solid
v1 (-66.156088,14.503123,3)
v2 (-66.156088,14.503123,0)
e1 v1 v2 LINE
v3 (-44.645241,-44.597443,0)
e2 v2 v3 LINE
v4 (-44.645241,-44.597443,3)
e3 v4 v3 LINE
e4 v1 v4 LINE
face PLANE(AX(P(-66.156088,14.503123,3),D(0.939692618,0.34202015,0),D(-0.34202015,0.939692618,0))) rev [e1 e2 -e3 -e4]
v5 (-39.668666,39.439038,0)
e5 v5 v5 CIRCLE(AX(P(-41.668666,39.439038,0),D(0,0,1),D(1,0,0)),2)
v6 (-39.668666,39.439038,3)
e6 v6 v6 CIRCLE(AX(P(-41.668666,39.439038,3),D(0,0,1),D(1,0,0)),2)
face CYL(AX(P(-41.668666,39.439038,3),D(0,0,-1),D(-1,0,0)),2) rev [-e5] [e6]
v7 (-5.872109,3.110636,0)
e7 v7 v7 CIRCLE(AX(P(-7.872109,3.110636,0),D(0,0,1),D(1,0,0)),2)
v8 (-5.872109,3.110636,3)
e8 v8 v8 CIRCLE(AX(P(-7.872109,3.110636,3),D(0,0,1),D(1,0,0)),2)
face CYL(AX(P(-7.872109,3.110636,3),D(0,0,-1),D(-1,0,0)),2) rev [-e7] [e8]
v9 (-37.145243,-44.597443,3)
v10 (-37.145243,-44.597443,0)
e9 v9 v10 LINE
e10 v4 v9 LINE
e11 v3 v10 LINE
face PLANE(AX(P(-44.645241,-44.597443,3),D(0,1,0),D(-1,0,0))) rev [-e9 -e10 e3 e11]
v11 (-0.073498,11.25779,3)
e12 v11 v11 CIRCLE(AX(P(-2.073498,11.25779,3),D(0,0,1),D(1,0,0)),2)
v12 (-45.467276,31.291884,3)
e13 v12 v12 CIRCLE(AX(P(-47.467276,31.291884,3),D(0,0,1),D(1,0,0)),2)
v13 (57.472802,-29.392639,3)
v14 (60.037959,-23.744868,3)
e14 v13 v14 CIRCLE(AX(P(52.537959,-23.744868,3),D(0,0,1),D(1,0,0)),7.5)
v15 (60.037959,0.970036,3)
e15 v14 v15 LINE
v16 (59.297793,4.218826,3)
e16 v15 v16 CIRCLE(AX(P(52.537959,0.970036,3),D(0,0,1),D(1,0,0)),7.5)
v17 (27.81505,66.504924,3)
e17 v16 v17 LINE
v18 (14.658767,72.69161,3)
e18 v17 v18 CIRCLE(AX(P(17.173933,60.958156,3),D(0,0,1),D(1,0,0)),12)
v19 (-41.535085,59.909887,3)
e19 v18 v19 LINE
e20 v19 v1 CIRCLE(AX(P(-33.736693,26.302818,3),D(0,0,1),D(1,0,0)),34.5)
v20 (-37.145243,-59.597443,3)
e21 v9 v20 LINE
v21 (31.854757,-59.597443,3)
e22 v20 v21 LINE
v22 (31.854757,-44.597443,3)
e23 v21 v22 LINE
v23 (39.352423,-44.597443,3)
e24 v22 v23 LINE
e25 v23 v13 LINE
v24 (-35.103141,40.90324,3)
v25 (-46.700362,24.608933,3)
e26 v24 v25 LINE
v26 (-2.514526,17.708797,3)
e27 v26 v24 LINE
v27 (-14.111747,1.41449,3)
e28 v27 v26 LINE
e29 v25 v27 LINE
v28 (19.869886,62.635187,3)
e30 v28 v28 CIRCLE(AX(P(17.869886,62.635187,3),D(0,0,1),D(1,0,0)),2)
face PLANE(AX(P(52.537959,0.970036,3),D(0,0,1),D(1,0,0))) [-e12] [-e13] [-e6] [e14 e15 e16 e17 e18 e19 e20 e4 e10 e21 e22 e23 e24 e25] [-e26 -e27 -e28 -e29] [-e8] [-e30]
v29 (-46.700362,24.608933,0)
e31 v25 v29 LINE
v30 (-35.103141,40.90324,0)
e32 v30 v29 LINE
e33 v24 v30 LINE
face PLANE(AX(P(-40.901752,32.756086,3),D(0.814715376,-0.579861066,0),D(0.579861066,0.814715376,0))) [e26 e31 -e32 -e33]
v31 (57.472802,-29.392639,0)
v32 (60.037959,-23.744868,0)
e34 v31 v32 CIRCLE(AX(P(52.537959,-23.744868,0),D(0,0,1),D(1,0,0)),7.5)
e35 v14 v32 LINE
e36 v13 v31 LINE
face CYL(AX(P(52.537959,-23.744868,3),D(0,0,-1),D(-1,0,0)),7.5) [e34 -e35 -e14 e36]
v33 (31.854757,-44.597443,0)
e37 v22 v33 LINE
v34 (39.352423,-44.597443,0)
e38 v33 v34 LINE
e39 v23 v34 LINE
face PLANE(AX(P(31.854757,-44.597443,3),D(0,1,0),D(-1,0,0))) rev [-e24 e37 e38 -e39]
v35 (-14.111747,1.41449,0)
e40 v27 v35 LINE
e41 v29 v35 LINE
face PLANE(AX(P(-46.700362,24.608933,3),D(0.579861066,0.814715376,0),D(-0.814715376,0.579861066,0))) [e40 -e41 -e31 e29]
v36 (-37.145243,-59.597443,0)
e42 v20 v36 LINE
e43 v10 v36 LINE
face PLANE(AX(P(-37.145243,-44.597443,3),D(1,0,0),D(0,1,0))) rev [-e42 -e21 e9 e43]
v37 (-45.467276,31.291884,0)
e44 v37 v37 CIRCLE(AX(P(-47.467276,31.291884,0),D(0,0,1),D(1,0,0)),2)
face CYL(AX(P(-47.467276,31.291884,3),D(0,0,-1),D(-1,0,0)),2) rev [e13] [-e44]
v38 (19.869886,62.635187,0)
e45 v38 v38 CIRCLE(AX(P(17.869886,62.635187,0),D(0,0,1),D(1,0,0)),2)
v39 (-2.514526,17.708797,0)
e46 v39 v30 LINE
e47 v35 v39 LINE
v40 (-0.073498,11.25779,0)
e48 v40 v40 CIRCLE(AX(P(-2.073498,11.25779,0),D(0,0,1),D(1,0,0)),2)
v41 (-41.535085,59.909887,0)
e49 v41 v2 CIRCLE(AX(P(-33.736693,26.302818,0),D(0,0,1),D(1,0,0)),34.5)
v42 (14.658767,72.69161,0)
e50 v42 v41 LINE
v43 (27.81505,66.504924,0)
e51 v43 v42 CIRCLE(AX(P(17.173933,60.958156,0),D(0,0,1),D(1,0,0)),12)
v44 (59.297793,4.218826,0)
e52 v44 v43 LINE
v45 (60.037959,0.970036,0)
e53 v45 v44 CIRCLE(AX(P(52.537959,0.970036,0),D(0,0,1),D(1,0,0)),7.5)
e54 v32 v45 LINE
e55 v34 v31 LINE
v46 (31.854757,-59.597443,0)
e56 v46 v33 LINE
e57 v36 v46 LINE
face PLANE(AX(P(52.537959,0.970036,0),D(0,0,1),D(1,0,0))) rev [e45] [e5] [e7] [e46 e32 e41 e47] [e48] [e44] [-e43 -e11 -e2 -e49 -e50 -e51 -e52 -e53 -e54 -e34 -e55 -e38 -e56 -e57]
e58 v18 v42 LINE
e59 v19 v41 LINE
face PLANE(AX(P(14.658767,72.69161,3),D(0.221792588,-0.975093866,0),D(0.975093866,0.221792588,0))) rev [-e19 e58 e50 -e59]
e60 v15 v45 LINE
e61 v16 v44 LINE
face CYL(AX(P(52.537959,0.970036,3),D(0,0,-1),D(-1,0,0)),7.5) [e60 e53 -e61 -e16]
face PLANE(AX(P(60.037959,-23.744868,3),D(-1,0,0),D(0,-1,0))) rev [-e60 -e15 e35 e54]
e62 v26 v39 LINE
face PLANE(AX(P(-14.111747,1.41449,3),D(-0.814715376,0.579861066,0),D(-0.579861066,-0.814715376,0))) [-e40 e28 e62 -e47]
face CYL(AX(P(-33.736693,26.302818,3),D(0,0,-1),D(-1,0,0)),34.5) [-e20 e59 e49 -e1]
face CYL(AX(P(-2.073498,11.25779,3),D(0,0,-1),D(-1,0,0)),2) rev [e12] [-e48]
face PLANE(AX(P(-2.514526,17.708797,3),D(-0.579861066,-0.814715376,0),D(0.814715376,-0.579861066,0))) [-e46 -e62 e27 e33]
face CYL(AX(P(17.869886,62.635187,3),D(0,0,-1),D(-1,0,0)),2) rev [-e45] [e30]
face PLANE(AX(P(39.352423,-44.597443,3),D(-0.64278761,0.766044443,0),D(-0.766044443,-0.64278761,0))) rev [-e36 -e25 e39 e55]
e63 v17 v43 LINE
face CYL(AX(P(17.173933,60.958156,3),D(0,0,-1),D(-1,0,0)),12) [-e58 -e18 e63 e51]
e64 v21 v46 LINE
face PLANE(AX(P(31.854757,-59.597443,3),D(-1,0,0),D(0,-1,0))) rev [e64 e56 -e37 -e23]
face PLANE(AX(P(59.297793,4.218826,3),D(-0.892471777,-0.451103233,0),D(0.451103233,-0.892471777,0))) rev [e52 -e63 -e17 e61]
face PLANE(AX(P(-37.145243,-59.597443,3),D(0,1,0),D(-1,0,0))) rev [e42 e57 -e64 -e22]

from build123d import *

# Parameters (mm, degrees)
SKETCH_1_R      = 2
EXTRUDE_1_DEPTH = 3


with BuildPart() as part:
    # 草圖1 → 填料-伸長1 (new body)
    with BuildSketch(Plane.XY):
        with BuildLine():
            Line((59.29779344, 4.218826045), (27.815049638, 66.504924261))
            ThreePointArc((27.815049638, 66.504924261), (22.280452319, 71.817413106), (14.658767156, 72.691610154))
            Line((14.658767156, 72.691610154), (-41.535085268, 59.909886888))
            ThreePointArc((-41.535085268, 59.909886888), (-64.065081782, 42.747842637), (-66.156088343, 14.503122823))
            Line((-66.156088343, 14.503122823), (-44.645241189, -44.597442609))
            Line((-44.645241189, -44.597442609), (-37.145243156, -44.597442609))
            Line((-37.145243156, -44.597442609), (-37.145243156, -59.597442609))
            Line((-37.145243156, -59.597442609), (31.854756844, -59.597442609))
            Line((31.854756844, -59.597442609), (31.854756844, -44.597442609))
            Line((31.854756844, -44.597442609), (39.352422835, -44.597442609))
            Line((39.352422835, -44.597442609), (57.472801714, -29.392639375))
            ThreePointArc((57.472801714, -29.392639375), (59.36662348, -26.84637358), (60.037958839, -23.74486762))
            Line((60.037958839, -23.74486762), (60.037958839, 0.970036375))
            ThreePointArc((60.037958839, 0.970036375), (59.850576653, 2.636055511), (59.29779344, 4.218826045))
        make_face()
        with Locations((17.869885774, 62.635186946)):
            Circle(SKETCH_1_R, mode=Mode.SUBTRACT)
        with Locations((-2.073498249, 11.257790191)):
            Circle(SKETCH_1_R, mode=Mode.SUBTRACT)
        with Locations((-7.872108914, 3.110636432)):
            Circle(SKETCH_1_R, mode=Mode.SUBTRACT)
        with Locations((-41.668665513, 39.439038022)):
            Circle(SKETCH_1_R, mode=Mode.SUBTRACT)
        with Locations((-47.467276178, 31.291884264)):
            Circle(SKETCH_1_R, mode=Mode.SUBTRACT)
        Polygon((-40.901751655, 32.756086344), (-46.700362319, 24.608932586), (-14.111747287, 1.414489926), (-2.514525958, 17.708797442), (-35.10314099, 40.903240102), align=None, mode=Mode.SUBTRACT)
    extrude(amount=EXTRUDE_1_DEPTH)


solid = part.part
